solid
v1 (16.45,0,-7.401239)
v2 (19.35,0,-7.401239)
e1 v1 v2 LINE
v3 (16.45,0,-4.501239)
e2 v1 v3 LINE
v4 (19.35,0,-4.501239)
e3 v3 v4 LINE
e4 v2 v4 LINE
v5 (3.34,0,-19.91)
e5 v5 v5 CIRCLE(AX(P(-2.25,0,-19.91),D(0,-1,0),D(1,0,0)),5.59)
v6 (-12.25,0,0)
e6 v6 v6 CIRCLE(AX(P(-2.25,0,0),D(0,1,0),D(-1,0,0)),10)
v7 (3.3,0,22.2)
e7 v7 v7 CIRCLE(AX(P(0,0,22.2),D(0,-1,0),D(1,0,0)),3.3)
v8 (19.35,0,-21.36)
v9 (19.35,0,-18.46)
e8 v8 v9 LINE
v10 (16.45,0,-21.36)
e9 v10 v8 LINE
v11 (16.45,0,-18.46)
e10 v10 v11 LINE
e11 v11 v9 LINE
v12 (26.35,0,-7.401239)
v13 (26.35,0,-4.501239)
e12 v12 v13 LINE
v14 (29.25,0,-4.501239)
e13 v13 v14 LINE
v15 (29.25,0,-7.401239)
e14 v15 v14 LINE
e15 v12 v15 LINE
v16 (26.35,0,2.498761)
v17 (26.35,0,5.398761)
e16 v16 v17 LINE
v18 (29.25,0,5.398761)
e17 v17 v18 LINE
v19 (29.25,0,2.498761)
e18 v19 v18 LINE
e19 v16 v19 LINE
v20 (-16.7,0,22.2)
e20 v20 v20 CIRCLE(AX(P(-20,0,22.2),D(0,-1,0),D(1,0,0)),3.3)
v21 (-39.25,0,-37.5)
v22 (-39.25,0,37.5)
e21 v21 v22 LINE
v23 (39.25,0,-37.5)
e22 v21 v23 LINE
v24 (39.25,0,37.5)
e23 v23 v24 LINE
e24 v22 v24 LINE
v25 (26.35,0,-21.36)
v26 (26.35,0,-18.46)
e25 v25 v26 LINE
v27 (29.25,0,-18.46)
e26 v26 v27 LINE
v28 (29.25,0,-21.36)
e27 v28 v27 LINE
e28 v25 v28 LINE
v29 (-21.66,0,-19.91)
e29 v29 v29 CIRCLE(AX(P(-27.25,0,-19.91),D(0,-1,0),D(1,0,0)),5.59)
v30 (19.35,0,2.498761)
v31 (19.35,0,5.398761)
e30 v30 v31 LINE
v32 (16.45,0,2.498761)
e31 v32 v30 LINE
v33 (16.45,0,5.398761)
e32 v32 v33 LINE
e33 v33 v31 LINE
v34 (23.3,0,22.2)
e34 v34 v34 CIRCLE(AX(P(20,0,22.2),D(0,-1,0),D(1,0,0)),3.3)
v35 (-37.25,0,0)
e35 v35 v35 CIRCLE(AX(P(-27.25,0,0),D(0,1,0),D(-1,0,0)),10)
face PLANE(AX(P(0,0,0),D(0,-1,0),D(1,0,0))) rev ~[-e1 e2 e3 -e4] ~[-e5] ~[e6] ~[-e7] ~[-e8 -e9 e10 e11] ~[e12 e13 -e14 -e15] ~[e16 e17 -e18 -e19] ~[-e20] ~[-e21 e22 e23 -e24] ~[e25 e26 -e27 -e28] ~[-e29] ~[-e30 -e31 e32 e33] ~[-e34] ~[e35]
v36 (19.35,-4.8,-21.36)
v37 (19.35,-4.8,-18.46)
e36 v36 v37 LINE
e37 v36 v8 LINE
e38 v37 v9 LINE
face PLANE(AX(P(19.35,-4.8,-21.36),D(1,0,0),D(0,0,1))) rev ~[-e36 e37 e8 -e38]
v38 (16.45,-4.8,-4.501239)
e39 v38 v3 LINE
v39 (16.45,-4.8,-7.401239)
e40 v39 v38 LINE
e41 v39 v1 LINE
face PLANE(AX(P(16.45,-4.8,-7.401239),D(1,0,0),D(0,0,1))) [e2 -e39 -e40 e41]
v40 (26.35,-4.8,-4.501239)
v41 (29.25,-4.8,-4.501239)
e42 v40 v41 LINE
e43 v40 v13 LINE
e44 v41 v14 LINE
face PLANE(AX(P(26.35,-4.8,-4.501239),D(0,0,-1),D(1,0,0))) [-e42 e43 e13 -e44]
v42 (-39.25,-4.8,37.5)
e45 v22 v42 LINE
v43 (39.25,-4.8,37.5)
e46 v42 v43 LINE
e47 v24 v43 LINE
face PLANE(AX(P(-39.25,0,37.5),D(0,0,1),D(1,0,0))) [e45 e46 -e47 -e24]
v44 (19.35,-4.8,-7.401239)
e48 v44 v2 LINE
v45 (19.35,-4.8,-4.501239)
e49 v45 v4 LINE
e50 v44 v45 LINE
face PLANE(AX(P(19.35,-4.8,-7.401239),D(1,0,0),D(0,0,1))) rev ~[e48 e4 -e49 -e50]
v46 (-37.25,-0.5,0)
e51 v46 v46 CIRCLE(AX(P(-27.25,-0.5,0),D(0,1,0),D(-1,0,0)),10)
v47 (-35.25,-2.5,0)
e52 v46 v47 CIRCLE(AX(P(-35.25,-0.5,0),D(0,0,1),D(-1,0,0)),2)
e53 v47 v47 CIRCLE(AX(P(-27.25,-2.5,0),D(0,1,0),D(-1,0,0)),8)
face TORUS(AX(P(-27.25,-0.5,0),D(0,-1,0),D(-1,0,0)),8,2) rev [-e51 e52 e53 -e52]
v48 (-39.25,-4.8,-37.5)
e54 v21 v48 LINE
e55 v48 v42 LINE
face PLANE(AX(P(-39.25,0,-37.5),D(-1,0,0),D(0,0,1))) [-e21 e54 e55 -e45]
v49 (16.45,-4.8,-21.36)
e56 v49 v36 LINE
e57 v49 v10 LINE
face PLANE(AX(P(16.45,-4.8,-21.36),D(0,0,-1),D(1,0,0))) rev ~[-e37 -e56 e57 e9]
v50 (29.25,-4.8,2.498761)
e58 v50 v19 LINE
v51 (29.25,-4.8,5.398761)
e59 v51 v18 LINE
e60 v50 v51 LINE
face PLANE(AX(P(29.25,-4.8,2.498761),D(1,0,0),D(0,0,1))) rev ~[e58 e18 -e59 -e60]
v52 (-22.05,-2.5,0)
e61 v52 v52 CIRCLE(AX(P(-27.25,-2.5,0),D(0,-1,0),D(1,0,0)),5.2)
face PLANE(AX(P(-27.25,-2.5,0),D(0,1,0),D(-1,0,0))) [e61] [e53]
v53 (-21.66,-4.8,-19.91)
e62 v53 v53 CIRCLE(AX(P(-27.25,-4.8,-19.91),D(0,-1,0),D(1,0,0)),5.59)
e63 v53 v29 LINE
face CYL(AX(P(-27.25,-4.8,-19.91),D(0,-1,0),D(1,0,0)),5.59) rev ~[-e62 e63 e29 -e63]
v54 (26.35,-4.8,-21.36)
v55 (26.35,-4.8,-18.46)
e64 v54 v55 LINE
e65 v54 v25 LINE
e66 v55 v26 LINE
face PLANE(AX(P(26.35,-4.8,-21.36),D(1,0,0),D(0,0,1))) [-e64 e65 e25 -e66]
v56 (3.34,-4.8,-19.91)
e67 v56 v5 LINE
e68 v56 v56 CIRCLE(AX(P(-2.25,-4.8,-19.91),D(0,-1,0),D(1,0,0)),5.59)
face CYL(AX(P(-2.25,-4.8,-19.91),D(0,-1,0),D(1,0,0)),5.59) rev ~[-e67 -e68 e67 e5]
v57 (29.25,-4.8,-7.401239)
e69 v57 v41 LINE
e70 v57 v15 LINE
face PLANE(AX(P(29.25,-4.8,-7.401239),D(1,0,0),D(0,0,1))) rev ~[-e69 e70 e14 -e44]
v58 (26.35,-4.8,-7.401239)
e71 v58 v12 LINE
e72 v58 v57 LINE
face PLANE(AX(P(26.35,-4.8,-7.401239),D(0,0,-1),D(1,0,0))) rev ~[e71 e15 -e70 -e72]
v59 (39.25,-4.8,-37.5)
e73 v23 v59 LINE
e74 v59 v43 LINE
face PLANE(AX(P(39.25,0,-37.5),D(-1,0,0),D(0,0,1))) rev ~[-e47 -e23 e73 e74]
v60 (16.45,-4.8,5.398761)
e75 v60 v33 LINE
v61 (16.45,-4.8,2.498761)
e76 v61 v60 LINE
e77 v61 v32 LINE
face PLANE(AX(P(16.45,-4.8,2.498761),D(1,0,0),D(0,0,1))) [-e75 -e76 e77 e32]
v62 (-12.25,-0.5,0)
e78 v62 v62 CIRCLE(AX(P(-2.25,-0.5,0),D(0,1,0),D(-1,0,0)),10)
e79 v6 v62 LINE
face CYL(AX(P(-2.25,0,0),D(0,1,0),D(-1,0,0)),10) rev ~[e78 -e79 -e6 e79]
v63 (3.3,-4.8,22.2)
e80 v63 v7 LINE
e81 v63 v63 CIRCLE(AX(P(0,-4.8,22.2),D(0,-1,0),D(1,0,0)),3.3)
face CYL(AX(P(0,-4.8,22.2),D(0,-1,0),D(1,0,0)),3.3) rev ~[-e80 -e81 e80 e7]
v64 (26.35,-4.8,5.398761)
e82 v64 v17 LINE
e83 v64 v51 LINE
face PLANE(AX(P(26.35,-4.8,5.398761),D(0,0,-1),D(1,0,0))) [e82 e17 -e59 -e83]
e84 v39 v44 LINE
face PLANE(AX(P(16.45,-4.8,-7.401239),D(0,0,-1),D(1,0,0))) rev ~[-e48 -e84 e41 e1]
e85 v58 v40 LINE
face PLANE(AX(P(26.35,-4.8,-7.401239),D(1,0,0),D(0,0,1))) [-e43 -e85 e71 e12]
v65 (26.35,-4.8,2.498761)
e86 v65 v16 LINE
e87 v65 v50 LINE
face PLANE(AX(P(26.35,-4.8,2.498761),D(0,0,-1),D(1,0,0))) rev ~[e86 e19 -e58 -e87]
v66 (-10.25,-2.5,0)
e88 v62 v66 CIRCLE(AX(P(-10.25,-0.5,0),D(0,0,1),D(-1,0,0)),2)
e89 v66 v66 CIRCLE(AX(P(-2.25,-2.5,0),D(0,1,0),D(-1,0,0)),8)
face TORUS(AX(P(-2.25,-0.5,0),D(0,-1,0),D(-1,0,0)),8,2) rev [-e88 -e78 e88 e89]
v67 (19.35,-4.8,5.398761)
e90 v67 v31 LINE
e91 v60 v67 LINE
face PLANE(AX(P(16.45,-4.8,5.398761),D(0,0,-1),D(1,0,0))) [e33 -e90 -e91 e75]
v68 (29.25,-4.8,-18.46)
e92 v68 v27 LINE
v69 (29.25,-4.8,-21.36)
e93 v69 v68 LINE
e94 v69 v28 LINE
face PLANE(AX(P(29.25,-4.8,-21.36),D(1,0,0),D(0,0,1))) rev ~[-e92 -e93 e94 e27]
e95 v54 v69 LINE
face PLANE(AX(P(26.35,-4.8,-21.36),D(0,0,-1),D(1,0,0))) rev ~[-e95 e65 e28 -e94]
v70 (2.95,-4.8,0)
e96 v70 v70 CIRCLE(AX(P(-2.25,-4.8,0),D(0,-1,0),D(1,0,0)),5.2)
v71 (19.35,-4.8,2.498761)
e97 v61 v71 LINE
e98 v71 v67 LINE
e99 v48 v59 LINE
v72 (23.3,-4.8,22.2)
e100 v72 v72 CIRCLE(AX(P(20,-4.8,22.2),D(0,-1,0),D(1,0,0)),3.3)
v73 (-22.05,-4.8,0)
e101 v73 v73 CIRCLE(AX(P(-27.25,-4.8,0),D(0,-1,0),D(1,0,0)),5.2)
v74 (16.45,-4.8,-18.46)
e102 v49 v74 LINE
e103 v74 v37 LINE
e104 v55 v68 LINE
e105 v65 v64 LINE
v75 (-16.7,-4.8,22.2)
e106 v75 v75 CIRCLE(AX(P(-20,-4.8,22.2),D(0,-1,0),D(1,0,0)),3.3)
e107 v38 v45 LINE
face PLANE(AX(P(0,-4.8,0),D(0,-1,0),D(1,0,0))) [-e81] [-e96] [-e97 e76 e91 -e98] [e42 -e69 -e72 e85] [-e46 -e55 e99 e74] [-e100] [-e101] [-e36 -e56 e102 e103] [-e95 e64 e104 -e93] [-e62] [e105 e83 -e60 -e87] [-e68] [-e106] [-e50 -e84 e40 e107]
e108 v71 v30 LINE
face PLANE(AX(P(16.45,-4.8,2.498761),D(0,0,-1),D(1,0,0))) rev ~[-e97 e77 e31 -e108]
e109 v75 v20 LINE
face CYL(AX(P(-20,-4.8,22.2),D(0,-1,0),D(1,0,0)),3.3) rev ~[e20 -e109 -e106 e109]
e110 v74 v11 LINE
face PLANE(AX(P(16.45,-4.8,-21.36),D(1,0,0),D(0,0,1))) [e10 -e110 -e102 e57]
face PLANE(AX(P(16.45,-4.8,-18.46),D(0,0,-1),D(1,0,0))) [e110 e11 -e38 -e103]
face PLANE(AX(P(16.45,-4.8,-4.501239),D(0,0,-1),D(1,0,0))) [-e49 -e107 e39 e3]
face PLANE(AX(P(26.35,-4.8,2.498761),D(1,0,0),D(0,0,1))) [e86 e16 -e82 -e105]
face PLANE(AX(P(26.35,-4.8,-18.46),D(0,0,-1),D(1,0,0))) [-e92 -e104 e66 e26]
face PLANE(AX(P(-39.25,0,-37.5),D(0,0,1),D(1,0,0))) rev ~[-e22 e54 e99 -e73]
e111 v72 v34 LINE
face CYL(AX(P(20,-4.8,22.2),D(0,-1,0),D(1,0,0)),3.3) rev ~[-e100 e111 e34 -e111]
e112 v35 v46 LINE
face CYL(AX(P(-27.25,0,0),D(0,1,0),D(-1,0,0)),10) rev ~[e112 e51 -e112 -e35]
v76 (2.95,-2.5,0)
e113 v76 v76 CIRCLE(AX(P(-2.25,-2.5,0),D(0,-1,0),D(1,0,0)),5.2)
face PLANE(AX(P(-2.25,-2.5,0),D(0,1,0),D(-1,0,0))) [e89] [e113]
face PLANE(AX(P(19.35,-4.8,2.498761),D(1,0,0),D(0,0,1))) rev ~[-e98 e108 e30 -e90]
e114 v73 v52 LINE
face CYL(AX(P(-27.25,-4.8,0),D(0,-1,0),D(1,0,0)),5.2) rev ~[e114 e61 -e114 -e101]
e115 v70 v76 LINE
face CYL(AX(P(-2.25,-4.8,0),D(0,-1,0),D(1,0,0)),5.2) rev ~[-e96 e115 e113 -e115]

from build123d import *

# Parameters (mm, degrees)
F0_W     = 78.5
F0_H     = 75
F1_DEPTH = 4.8
F2_R     = 5.2
F2_R_2   = 5.59
F2_R_3   = 3.3
F2_W     = 2.9
F2_H     = 2.9
F3_DEPTH = 4.801
F4_R     = 10
F5_DEPTH = 2.5
F6_R     = 2


with BuildPart() as f1:
    # F0 (on Front) → F1 (new body)
    with BuildSketch(Plane.XZ):
        Rectangle(F0_W, F0_H)
    extrude(amount=F1_DEPTH)

    # F2 (on face) → F3 (cut, through all)
    with BuildSketch(Plane.XZ.offset(4.8)):
        with Locations((-27.25, 0)):
            Circle(F2_R)
        with Locations((-27.25, -19.91)):
            Circle(F2_R_2)
        with Locations((-2.25, -19.91)):
            Circle(F2_R_2)
        with Locations((-2.25, 0)):
            Circle(F2_R)
        with Locations((0, 22.2)):
            Circle(F2_R_3)
        with Locations((-20, 22.2)):
            Circle(F2_R_3)
        with Locations((20, 22.2)):
            Circle(F2_R_3)
        with Locations((17.9, 3.948761)):
            Rectangle(F2_W, F2_H)
        with Locations((27.8, 3.948761)):
            Rectangle(F2_W, F2_H)
        with Locations((17.9, -5.951239)):
            Rectangle(F2_W, F2_H)
        with Locations((27.8, -5.951239)):
            Rectangle(F2_W, F2_H)
        with Locations((17.9, -19.91)):
            Rectangle(F2_W, F2_H)
        with Locations((27.8, -19.91)):
            Rectangle(F2_W, F2_H)
    extrude(amount=-F3_DEPTH, mode=Mode.SUBTRACT)

    # F4 (on face) → F5 (cut)
    with BuildSketch(Plane(origin=(0, 0, 0), x_dir=(-1, 0, 0), z_dir=(0, 1, 0))):
        with Locations((2.25, 0)):
            Circle(F4_R)
        with Locations((27.25, 0)):
            Circle(F4_R)
    extrude(amount=-F5_DEPTH, mode=Mode.SUBTRACT)

    # F6
    f6_edges = [f1.edges().sort_by_distance(p)[0] for p in [
        (7.75, -2.5, 0),
        (-17.25, -2.5, 0),
    ]]
    fillet(f6_edges, radius=F6_R)


solid = f1.part
